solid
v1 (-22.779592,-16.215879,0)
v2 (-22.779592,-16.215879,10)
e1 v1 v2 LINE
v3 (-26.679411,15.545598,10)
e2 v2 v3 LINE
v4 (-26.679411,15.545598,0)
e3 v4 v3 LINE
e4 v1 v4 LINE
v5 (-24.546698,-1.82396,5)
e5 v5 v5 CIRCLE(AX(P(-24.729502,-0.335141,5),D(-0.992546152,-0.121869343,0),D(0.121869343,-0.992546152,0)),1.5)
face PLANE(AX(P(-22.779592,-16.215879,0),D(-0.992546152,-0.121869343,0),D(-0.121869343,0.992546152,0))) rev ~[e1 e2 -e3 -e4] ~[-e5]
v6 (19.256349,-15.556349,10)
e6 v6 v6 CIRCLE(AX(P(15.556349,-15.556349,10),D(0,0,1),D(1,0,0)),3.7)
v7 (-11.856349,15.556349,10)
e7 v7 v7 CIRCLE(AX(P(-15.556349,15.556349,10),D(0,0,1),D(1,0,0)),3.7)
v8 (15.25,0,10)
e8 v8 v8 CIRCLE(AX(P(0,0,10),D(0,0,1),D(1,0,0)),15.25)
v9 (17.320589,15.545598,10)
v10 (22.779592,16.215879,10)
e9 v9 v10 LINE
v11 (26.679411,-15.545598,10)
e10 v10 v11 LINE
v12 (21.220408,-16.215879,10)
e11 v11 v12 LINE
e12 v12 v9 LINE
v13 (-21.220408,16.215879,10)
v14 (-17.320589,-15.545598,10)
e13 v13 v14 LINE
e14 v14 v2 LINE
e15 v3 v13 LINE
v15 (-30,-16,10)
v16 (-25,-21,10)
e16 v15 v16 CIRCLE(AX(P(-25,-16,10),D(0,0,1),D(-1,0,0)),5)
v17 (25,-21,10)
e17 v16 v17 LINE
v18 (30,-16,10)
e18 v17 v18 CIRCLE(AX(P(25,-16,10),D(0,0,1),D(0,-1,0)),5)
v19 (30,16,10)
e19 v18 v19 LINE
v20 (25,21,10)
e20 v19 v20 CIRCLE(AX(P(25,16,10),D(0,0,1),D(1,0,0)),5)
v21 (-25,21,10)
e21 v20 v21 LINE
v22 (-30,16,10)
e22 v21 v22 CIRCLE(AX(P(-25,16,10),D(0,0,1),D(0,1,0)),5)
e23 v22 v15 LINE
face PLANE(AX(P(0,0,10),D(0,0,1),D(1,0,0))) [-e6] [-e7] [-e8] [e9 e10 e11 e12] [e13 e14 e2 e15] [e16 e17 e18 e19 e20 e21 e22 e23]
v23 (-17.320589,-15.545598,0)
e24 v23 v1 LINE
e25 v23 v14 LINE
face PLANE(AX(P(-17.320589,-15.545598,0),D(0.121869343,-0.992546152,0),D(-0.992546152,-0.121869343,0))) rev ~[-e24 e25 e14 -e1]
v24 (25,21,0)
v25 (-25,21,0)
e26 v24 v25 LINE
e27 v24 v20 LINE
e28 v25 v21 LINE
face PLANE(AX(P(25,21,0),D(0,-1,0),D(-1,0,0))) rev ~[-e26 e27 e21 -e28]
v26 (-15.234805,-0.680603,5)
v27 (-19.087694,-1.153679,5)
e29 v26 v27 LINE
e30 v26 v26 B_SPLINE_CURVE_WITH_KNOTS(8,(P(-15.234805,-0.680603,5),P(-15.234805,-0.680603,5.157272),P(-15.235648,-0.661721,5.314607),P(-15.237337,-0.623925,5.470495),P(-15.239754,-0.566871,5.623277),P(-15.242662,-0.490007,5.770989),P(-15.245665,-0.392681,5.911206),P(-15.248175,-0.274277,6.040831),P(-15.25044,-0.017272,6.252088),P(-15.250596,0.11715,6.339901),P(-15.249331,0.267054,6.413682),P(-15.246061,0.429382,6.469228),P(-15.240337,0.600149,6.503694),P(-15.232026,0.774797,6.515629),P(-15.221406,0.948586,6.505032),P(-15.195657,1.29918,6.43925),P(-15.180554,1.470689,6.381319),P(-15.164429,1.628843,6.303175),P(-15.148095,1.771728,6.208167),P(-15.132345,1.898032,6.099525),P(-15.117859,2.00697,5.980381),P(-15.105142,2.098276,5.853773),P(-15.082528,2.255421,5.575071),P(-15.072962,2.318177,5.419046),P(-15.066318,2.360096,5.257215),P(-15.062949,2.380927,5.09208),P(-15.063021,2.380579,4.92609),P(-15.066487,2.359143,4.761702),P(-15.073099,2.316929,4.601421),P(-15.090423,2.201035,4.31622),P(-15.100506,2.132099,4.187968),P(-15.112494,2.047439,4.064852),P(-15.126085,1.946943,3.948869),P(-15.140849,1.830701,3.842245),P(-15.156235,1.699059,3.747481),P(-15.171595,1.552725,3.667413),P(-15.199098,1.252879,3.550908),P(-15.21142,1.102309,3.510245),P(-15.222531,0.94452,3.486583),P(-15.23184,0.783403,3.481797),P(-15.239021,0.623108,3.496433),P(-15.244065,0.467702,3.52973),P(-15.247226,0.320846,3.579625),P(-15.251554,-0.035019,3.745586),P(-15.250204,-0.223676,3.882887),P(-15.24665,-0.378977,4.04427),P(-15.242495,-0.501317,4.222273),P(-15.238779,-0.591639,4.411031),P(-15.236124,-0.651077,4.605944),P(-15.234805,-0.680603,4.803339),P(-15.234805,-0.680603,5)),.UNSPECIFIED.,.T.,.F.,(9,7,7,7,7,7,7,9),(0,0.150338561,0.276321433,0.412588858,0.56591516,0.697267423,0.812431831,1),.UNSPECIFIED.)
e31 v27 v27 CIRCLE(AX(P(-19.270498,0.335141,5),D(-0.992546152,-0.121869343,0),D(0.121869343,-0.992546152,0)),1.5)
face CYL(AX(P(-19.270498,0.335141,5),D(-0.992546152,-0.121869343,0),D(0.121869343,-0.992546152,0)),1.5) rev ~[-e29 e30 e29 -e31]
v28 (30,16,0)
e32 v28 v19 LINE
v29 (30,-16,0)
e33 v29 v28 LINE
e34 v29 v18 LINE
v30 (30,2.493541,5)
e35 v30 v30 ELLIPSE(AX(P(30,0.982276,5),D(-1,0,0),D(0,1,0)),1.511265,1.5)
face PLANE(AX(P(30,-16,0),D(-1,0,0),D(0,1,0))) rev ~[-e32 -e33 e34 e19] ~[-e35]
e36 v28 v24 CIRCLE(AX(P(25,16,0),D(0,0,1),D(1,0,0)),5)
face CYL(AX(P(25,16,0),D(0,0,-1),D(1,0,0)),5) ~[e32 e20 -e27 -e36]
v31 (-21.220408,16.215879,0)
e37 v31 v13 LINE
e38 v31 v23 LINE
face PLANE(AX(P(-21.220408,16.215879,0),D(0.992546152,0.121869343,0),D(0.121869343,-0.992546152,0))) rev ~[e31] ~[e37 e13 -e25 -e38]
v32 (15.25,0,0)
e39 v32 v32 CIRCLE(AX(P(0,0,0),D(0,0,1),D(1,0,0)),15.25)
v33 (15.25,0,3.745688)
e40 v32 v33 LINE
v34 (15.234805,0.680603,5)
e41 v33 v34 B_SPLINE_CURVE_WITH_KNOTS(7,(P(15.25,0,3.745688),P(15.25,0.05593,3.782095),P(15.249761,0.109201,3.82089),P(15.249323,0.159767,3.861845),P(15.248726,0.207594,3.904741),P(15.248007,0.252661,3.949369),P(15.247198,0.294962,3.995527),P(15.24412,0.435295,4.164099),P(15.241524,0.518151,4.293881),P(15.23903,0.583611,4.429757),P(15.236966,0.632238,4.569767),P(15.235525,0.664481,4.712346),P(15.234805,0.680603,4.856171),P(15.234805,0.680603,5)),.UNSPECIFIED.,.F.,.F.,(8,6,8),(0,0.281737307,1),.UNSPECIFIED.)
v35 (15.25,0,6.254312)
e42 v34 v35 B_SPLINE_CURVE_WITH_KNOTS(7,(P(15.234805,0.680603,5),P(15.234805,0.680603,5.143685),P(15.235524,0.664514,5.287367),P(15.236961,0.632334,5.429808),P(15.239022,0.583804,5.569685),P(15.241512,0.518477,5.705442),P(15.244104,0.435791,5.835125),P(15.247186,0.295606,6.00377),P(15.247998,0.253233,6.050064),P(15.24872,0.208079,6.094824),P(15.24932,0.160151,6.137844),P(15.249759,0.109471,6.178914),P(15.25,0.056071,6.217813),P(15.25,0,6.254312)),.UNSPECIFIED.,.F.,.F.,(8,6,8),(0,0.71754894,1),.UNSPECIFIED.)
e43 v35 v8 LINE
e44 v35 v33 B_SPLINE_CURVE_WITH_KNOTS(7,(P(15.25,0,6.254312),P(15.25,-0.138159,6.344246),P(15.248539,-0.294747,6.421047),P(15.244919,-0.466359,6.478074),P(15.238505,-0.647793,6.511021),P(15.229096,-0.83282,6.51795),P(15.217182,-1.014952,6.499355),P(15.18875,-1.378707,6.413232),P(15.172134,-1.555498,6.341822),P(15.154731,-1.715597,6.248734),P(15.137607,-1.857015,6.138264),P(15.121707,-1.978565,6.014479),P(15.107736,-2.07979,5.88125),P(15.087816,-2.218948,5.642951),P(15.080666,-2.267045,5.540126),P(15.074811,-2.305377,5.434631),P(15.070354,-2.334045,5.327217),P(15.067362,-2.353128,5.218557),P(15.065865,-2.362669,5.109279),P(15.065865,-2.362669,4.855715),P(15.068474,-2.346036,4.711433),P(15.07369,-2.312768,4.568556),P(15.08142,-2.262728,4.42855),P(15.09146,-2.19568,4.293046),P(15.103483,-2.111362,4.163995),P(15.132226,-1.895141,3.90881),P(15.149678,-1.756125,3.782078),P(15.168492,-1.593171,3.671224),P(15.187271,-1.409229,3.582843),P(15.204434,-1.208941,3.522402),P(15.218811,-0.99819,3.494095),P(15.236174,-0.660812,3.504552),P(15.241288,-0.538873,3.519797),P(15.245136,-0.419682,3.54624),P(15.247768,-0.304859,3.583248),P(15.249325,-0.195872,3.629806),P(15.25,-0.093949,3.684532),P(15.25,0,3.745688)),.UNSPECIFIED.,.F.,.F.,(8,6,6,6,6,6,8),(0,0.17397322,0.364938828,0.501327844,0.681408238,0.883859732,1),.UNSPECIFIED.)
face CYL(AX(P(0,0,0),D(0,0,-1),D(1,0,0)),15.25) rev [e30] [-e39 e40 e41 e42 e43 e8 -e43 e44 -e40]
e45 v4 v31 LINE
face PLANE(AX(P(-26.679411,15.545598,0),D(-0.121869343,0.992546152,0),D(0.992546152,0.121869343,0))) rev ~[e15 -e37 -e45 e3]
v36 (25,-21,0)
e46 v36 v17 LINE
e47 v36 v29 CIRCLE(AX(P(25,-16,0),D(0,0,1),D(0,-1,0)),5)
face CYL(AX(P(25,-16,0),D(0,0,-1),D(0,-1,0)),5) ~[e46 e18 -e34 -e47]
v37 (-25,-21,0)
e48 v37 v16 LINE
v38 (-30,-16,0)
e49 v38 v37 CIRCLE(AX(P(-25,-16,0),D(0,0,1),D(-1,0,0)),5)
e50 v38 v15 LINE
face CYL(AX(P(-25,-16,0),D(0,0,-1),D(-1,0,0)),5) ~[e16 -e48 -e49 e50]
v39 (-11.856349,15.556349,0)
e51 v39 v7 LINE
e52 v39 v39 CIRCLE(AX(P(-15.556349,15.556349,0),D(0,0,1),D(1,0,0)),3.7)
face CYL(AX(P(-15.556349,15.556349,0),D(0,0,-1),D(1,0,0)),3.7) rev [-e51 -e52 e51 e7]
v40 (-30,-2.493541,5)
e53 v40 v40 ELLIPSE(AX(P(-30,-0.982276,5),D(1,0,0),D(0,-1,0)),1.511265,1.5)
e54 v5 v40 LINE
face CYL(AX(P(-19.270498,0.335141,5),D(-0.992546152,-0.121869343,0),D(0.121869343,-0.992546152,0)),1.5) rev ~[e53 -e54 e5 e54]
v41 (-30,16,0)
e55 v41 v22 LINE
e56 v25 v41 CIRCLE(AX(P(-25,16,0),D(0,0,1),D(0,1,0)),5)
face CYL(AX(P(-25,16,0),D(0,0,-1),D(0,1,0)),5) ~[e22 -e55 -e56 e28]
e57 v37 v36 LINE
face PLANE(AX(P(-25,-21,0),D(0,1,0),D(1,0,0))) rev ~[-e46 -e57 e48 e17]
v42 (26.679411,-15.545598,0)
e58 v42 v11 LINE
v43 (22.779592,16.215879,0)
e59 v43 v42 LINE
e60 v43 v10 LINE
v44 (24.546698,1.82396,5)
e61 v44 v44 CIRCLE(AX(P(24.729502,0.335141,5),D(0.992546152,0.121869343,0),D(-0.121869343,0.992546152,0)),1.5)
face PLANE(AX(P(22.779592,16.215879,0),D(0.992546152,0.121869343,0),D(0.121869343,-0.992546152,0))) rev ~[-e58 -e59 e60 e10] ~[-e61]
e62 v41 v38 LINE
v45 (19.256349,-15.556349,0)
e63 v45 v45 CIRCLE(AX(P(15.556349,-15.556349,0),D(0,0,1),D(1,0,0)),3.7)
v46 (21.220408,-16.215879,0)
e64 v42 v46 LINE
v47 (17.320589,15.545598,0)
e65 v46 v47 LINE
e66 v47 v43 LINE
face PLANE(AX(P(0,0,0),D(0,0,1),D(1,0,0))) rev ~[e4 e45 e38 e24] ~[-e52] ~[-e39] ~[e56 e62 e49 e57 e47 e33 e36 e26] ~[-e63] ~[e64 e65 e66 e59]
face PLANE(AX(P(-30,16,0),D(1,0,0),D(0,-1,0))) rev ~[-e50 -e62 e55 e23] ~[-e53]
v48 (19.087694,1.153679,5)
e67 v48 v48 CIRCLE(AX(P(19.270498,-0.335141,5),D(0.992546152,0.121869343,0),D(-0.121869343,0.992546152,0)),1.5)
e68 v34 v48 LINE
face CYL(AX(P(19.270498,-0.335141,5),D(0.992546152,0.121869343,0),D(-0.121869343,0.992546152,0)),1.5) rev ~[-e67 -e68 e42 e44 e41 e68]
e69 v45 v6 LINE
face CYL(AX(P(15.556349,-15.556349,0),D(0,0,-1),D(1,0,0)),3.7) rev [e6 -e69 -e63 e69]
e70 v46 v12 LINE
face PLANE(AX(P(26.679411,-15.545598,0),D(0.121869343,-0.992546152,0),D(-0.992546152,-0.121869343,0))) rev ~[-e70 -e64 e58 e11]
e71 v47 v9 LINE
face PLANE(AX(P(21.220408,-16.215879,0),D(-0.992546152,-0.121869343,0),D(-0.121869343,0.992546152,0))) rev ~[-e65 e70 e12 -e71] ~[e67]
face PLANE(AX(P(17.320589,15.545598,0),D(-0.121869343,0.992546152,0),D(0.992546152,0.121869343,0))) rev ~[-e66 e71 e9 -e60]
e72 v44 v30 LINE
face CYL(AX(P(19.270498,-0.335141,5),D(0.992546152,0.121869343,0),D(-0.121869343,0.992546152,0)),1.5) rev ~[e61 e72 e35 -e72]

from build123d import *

# Parameters (mm, degrees)
F0_R     = 3.7
F0_R_2   = 15.25
F1_DEPTH = 10
F2_R     = 1.5
F3_DEPTH = 12.5
F4_R     = 1.5
F5_DEPTH = 12.5


with BuildPart() as f1:
    # F0 (on Top) → F1 (new body)
    with BuildSketch(Plane.XY):
        with BuildLine():
            Line((25, 21), (0, 21))
            Line((0, 21), (-25, 21))
            ThreePointArc((-25, 21), (-28.5355339059, 19.5355339059), (-30, 16))
            Line((-30, 16), (-30, 0))
            Line((-30, 0), (-30, -16))
            ThreePointArc((-30, -16), (-28.5355339059, -19.5355339059), (-25, -21))
            Line((-25, -21), (0, -21))
            Line((0, -21), (25, -21))
            ThreePointArc((25, -21), (28.5355339059, -19.5355339059), (30, -16))
            Line((30, -16), (30, 0))
            Line((30, 0), (30, 16))
            ThreePointArc((30, 16), (28.5355339059, 19.5355339059), (25, 21))
        make_face()
        with Locations((15.5563491861, -15.5563491861)):
            Circle(F0_R, mode=Mode.SUBTRACT)
        Polygon((22.7795924225, 16.2158791206), (24.729501917, 0.3351406944), (26.6794114115, -15.5455977319), (21.2204075775, -16.2158791206), (17.3205885885, 15.5455977319), align=None, mode=Mode.SUBTRACT)
        Polygon((-21.2204075775, 16.2158791206), (-19.270498083, 0.3351406944), (-17.3205885885, -15.5455977319), (-22.7795924225, -16.2158791206), (-24.729501917, -0.3351406944), (-26.6794114115, 15.5455977319), align=None, mode=Mode.SUBTRACT)
        with Locations((-15.5563491861, 15.5563491861)):
            Circle(F0_R, mode=Mode.SUBTRACT)
        Circle(F0_R_2, mode=Mode.SUBTRACT)
    extrude(amount=F1_DEPTH)

    # F2 (on face) → F3 (cut, symmetric)
    with BuildSketch(Plane(origin=(-18.943751072, -2.3260001572, 0), x_dir=(0.1218693434, -0.9925461516, 0), z_dir=(-0.9925461516, -0.1218693434, 0))):
        with Locations((-2.6811255549, 5)):
            Circle(F2_R)
    extrude(amount=F3_DEPTH, both=True, mode=Mode.SUBTRACT)

    # F4 (on face) → F5 (cut, symmetric)
    with BuildSketch(Plane(origin=(18.943751072, 2.3260001572, 0), x_dir=(-0.1218693434, 0.9925461516, 0), z_dir=(0.9925461516, 0.1218693434, 0))):
        with Locations((-2.6811255549, 5)):
            Circle(F4_R)
    extrude(amount=F5_DEPTH, both=True, mode=Mode.SUBTRACT)


solid = f1.part
